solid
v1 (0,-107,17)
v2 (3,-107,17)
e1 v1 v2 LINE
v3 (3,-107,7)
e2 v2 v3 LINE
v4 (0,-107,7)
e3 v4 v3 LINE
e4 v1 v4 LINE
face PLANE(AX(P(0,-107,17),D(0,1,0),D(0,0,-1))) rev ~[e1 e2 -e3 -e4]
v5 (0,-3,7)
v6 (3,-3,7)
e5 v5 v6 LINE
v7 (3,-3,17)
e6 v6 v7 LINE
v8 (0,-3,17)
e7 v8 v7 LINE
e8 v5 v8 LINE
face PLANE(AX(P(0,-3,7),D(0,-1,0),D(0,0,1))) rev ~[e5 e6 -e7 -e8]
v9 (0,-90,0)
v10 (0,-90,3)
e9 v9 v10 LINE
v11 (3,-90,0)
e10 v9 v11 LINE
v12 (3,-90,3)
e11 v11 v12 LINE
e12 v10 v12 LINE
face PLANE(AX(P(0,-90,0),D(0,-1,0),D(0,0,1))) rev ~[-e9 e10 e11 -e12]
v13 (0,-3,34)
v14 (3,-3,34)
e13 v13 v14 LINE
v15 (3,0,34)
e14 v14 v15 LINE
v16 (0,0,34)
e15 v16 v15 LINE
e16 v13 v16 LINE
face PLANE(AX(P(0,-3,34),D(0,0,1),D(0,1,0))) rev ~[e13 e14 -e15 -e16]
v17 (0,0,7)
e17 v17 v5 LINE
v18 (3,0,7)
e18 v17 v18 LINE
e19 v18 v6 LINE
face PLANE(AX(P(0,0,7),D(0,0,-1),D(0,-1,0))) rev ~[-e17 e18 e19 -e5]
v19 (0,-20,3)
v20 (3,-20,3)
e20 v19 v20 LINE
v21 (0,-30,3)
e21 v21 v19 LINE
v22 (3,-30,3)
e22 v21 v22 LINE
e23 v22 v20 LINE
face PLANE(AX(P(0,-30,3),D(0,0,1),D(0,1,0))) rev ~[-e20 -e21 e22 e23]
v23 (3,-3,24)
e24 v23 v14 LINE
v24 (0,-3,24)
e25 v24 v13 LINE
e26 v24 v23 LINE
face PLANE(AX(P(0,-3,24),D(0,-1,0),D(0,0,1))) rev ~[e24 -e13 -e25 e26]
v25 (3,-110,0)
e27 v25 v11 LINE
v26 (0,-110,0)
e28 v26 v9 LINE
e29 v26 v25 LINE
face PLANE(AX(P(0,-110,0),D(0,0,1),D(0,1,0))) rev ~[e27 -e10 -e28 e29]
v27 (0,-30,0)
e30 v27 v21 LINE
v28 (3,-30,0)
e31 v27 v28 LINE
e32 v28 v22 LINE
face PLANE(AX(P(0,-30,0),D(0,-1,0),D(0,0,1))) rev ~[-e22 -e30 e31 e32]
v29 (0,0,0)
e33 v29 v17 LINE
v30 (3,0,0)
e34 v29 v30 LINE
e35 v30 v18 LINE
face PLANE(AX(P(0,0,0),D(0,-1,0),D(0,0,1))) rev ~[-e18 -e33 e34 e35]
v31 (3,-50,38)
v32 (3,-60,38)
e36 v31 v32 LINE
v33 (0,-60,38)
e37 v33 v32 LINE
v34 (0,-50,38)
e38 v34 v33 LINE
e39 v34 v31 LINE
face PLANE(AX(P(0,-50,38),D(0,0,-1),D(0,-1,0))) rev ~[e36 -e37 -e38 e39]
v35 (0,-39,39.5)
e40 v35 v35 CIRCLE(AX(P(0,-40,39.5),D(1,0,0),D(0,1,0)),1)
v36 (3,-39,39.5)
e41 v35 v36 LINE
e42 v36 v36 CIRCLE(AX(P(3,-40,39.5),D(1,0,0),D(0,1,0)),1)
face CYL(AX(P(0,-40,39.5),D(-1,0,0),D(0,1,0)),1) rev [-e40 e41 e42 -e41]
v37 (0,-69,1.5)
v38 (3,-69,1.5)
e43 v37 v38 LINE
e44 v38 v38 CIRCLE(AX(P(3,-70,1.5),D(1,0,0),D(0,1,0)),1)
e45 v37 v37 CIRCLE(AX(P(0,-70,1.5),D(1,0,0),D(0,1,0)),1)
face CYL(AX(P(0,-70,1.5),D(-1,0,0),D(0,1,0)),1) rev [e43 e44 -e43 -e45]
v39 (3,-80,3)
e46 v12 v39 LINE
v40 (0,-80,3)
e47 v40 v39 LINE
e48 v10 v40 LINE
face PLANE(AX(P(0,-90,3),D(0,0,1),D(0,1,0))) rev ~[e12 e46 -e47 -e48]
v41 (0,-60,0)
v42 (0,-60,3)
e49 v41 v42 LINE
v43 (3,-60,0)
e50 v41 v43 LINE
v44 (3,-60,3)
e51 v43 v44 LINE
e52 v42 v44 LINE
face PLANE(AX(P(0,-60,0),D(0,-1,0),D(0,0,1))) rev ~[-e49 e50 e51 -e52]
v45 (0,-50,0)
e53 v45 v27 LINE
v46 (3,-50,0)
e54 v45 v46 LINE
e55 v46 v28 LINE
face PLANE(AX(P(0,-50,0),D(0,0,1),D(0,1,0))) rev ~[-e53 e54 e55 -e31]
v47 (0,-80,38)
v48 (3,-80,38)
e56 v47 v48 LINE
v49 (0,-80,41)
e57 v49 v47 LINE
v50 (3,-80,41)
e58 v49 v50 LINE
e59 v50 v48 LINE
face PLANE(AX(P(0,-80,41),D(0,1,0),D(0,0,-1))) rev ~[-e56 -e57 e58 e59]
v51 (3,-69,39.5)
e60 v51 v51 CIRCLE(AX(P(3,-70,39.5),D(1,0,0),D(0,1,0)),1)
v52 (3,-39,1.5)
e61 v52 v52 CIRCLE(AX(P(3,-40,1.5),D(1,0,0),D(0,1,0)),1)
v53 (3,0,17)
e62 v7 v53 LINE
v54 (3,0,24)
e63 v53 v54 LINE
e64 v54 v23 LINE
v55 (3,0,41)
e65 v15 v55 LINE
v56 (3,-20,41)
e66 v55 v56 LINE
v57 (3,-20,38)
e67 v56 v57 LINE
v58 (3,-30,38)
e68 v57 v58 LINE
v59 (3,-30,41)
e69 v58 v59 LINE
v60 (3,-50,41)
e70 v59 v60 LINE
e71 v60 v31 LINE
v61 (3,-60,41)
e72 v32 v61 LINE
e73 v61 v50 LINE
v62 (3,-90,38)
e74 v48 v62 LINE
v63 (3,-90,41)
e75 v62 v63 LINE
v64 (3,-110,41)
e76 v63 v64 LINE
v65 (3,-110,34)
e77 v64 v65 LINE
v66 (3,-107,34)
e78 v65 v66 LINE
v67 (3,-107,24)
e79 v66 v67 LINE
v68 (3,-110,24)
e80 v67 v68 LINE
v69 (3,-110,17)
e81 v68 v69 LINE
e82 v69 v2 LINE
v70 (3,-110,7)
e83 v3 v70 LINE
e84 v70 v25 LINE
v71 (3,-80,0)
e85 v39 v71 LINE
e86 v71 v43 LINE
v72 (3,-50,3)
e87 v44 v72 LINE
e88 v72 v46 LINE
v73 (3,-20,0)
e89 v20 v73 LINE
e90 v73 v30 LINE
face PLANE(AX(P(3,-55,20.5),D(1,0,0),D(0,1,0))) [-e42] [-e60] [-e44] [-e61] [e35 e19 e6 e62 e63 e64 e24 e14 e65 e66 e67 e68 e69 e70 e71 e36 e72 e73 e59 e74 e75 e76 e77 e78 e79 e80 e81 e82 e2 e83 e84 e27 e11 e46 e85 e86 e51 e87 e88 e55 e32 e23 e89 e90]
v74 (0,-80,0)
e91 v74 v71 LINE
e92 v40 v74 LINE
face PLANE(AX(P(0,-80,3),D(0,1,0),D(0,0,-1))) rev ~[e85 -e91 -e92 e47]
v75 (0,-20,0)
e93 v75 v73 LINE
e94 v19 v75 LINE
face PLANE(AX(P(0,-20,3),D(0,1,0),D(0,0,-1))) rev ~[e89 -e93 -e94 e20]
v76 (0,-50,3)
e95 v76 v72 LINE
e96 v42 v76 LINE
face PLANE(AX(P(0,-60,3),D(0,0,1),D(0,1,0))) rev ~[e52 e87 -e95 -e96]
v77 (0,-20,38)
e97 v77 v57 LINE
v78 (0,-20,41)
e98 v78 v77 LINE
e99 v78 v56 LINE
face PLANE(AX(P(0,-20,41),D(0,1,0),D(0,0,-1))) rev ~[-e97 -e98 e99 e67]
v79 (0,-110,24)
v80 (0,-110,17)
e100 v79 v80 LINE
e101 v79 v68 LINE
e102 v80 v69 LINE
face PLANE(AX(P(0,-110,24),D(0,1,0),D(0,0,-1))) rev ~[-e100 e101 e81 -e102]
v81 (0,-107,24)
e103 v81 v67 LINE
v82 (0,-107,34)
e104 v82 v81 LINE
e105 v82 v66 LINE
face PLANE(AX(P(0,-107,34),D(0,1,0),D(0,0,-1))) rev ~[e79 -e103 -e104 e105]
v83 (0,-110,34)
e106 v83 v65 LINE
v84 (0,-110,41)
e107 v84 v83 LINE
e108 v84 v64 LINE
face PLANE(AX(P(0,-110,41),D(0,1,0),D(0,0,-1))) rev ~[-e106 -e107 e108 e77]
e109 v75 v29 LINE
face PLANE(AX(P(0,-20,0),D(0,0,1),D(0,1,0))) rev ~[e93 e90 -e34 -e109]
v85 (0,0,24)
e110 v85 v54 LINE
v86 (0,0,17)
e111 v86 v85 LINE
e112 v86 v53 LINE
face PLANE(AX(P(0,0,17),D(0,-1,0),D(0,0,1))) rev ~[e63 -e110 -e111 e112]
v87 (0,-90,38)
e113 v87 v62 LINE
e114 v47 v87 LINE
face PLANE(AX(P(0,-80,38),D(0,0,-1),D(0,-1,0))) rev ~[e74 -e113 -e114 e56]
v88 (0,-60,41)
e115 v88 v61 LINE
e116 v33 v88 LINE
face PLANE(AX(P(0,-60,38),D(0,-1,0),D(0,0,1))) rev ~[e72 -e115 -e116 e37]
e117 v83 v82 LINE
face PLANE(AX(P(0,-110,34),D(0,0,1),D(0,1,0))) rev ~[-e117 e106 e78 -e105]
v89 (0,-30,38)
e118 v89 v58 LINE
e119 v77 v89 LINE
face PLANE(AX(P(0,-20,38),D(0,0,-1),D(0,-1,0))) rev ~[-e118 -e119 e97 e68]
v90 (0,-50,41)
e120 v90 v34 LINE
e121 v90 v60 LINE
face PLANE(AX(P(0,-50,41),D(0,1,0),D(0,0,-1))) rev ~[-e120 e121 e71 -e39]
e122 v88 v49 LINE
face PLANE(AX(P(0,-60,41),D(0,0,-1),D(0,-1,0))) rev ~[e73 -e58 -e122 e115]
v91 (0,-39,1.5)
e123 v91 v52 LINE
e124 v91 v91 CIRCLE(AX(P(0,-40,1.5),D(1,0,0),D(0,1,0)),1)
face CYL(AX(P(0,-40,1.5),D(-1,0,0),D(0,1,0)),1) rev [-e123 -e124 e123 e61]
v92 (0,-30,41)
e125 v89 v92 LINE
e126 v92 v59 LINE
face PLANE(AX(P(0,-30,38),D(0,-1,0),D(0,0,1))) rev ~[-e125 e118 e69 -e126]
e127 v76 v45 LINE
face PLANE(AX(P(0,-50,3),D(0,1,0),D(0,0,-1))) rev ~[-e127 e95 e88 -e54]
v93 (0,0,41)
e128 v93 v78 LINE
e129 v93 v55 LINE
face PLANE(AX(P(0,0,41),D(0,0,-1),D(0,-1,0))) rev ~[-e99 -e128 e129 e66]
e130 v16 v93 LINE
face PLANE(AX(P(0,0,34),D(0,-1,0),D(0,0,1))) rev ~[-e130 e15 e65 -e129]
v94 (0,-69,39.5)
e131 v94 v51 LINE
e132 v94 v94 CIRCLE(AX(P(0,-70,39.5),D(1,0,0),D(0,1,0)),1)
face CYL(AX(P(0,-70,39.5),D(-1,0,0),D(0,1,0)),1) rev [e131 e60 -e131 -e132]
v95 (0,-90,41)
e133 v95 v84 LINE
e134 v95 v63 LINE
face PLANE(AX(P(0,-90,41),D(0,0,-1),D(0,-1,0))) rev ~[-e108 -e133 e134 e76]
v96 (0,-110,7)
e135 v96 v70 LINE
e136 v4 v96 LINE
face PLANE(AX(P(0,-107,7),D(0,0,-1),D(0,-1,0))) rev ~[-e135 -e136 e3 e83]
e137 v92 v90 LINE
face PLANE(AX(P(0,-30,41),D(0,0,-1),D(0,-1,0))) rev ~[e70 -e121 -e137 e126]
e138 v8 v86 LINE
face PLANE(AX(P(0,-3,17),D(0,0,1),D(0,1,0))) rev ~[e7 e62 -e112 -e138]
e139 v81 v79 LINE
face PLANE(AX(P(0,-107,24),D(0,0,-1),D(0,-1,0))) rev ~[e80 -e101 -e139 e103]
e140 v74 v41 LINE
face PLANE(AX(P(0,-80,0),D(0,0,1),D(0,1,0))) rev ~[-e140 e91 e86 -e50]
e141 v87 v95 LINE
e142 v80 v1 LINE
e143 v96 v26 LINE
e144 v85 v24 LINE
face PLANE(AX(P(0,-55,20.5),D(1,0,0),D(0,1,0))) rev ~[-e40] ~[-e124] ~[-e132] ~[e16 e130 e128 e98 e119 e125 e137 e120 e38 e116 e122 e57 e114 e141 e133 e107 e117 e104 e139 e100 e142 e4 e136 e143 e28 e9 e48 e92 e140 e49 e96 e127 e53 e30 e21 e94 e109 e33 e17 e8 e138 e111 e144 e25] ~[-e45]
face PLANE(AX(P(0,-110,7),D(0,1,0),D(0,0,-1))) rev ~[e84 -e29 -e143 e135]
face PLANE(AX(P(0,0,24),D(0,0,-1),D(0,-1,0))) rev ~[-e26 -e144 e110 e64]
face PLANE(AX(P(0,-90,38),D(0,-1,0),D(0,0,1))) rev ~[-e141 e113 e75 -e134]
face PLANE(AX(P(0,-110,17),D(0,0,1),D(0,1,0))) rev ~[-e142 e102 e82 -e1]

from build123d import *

# Parameters (mm, degrees)
F0_R     = 1
F1_DEPTH = 3


with BuildPart() as f1:
    # F0 (on Right) → F1 (new body)
    with BuildSketch(Plane.YZ):
        Polygon((-20, 0), (0, 0), (0, 7), (-3, 7), (-3, 17), (0, 17), (0, 24), (-3, 24), (-3, 34), (0, 34), (0, 41), (-20, 41), (-20, 38), (-30, 38), (-30, 41), (-50, 41), (-50, 38), (-55, 38), (-60, 38), (-60, 41), (-80, 41), (-80, 38), (-90, 38), (-90, 41), (-110, 41), (-110, 34), (-107, 34), (-107, 24), (-110, 24), (-110, 17), (-107, 17), (-107, 7), (-110, 7), (-110, 0), (-90, 0), (-90, 3), (-80, 3), (-80, 0), (-60, 0), (-60, 3), (-55, 3), (-50, 3), (-50, 0), (-30, 0), (-30, 3), (-20, 3), align=None)
        with Locations((-70, 1.5)):
            Circle(F0_R, mode=Mode.SUBTRACT)
        with Locations((-40, 1.5)):
            Circle(F0_R, mode=Mode.SUBTRACT)
        with Locations((-70, 39.5)):
            Circle(F0_R, mode=Mode.SUBTRACT)
        with Locations((-40, 39.5)):
            Circle(F0_R, mode=Mode.SUBTRACT)
    extrude(amount=F1_DEPTH)


solid = f1.part
